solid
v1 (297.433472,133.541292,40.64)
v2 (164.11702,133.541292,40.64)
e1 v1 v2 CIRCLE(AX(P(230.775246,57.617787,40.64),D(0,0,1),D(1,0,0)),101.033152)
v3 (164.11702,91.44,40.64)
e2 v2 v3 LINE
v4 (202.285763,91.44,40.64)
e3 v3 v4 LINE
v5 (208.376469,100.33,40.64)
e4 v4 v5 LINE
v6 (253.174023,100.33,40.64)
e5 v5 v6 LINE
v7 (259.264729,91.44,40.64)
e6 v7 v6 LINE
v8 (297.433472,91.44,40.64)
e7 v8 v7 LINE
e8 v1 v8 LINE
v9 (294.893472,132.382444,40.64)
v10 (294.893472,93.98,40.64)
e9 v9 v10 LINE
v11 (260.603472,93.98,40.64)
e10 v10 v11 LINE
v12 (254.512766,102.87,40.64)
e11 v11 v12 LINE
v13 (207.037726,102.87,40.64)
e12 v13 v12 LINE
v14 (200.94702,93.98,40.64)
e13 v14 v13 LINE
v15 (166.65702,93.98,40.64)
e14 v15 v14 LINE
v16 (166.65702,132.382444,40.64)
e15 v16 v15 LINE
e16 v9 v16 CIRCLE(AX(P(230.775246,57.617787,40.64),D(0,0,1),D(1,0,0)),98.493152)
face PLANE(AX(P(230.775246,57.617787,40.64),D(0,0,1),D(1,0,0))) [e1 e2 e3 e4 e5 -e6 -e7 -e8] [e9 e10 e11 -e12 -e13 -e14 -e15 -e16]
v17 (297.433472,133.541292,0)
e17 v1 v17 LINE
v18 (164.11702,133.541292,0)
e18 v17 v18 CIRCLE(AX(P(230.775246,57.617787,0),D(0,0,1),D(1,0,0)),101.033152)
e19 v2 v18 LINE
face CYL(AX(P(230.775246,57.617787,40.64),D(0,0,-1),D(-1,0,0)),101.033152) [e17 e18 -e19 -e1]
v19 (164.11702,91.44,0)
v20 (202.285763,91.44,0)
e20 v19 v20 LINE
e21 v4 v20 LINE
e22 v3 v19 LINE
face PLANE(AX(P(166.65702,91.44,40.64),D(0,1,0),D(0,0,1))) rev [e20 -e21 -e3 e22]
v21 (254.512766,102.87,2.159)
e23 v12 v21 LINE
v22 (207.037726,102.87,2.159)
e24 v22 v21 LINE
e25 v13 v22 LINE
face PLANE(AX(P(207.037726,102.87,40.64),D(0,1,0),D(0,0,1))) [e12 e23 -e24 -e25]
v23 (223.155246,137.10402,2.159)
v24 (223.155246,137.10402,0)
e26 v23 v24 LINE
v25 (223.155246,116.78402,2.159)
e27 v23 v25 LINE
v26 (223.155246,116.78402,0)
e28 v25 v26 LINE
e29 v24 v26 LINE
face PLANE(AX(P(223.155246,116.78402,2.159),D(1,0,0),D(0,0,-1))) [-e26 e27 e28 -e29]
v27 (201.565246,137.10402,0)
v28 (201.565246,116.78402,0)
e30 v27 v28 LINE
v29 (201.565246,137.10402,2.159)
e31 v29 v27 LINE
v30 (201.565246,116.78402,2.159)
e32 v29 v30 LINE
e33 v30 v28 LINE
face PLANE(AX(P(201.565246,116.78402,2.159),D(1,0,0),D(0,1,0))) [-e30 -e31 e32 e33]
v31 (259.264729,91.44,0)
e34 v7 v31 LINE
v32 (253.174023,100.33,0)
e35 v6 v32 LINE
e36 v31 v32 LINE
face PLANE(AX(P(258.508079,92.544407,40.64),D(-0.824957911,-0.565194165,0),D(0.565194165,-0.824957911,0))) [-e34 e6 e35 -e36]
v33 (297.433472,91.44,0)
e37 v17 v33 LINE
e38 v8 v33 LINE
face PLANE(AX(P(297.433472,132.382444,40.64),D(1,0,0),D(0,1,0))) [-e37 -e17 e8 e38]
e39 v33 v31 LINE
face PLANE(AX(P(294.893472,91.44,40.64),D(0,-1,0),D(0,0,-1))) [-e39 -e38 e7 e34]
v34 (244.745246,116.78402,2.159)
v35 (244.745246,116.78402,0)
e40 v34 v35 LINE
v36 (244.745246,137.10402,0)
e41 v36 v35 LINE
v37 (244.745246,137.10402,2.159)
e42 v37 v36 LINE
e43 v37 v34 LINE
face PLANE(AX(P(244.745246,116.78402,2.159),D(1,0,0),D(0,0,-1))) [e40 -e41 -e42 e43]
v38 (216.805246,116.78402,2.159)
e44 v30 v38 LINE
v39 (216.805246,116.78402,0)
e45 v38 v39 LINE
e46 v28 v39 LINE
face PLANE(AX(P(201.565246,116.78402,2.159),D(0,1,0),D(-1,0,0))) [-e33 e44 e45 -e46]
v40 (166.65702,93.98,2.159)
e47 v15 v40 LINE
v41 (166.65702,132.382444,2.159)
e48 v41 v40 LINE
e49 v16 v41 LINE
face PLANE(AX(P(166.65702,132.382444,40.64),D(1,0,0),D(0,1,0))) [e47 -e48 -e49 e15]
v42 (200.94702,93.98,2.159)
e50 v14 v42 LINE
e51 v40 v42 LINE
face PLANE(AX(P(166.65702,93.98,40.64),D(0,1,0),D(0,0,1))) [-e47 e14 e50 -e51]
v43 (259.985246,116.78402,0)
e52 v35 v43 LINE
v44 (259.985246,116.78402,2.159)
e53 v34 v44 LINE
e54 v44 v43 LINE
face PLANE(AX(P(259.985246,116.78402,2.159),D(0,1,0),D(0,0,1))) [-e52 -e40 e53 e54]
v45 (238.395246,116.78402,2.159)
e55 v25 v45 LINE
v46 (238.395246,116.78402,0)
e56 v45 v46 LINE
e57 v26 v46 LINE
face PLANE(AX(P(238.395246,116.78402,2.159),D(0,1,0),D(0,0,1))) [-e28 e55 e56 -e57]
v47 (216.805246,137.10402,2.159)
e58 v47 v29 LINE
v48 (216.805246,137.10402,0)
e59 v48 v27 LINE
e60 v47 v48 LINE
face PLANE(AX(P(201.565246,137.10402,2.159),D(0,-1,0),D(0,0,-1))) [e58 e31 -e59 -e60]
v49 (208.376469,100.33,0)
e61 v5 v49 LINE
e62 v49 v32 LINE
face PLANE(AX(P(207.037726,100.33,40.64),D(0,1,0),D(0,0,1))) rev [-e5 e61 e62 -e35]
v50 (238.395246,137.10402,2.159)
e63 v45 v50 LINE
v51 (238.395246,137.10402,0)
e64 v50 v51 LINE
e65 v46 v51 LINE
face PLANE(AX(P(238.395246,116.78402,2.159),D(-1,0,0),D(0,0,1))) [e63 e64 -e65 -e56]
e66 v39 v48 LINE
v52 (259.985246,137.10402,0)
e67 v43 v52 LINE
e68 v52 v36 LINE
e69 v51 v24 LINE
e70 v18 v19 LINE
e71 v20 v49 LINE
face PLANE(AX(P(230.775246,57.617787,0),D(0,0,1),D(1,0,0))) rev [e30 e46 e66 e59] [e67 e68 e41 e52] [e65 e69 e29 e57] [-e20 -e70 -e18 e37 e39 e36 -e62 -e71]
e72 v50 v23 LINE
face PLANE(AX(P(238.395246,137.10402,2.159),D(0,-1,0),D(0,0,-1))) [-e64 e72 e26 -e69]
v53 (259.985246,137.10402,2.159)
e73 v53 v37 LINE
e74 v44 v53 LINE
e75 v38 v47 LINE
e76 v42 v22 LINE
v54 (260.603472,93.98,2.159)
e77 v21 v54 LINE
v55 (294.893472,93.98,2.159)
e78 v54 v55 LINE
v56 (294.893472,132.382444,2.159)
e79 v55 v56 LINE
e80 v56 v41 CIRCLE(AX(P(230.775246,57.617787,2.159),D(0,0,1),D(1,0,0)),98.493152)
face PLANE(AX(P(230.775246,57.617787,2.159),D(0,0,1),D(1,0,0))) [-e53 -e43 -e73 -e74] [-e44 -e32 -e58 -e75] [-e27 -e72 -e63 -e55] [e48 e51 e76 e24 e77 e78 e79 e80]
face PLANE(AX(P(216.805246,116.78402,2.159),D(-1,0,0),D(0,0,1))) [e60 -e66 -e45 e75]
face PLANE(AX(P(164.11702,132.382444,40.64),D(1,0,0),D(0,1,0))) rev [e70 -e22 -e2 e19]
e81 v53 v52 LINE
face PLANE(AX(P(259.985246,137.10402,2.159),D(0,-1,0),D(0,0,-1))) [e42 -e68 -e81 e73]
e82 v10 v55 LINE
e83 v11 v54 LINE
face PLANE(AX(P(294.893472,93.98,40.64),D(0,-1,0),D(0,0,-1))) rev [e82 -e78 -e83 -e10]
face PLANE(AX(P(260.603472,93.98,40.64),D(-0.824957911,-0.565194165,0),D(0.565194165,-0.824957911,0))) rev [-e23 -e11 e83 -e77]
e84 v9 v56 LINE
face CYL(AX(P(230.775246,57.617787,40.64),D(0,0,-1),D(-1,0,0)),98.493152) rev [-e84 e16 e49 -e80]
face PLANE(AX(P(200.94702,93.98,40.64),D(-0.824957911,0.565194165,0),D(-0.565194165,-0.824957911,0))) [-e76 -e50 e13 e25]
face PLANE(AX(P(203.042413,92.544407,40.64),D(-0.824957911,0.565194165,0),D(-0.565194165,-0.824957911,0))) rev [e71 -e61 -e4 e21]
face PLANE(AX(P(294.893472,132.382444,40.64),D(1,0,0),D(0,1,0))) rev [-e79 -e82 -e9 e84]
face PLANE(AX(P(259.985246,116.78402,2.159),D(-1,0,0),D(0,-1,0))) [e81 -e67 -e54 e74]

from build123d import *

# Parameters (mm, degrees)
SKETCH2_W           = 15.24
SKETCH2_H           = 20.32
BOSS_EXTRUDE4_DEPTH = 2.159
EXTRUDE_THIN2_DEPTH = 40.64


with BuildPart() as part:
    # Sketch2 → Boss-Extrude4 (new body)
    with BuildSketch(Plane.XY):
        with BuildLine():
            Line((166.65702, 132.382444359), (166.65702, 93.98))
            Line((166.65702, 93.98), (200.94702, 93.98))
            Line((200.94702, 93.98), (207.037726035, 102.87))
            Line((207.037726035, 102.87), (254.512766428, 102.87))
            Line((254.512766428, 102.87), (260.603472462, 93.98))
            Line((260.603472462, 93.98), (294.893472462, 93.98))
            Line((294.893472462, 93.98), (294.893472462, 132.382444359))
            ThreePointArc((294.893472462, 132.382444359), (230.775246231, 156.110938615), (166.65702, 132.382444359))
        make_face()
        with Locations((252.365246231, 126.944020361)):
            Rectangle(SKETCH2_W, SKETCH2_H, mode=Mode.SUBTRACT)
        with Locations((209.185246231, 126.944020361)):
            Rectangle(SKETCH2_W, SKETCH2_H, mode=Mode.SUBTRACT)
        with Locations((230.775246231, 126.944020361)):
            Rectangle(SKETCH2_W, SKETCH2_H, mode=Mode.SUBTRACT)
    extrude(amount=BOSS_EXTRUDE4_DEPTH)

    # Sketch2<7> → Extrude-Thin2 (add)
    with BuildSketch(Plane.XY):
        with BuildLine():
            Line((164.11702, 133.541292), (164.11702, 91.44))
            Line((164.11702, 91.44), (202.285763232, 91.44))
            Line((202.285763232, 91.44), (208.376469266, 100.33))
            Line((208.376469266, 100.33), (253.174023196, 100.33))
            Line((253.174023196, 100.33), (259.264729231, 91.44))
            Line((259.264729231, 91.44), (297.433472462, 91.44))
            Line((297.433472462, 91.44), (297.433472462, 133.541292))
            ThreePointArc((297.433472462, 133.541292), (230.775246231, 158.650938615), (164.11702, 133.541292))
        make_face()
        with BuildLine():
            Line((166.65702, 132.382444359), (166.65702, 93.98))
            Line((166.65702, 93.98), (200.94702, 93.98))
            Line((200.94702, 93.98), (207.037726035, 102.87))
            Line((207.037726035, 102.87), (254.512766428, 102.87))
            Line((254.512766428, 102.87), (260.603472462, 93.98))
            Line((260.603472462, 93.98), (294.893472462, 93.98))
            Line((294.893472462, 93.98), (294.893472462, 132.382444359))
            ThreePointArc((294.893472462, 132.382444359), (230.775246231, 156.110938615), (166.65702, 132.382444359))
        make_face(mode=Mode.SUBTRACT)
    extrude(amount=EXTRUDE_THIN2_DEPTH)


solid = part.part
